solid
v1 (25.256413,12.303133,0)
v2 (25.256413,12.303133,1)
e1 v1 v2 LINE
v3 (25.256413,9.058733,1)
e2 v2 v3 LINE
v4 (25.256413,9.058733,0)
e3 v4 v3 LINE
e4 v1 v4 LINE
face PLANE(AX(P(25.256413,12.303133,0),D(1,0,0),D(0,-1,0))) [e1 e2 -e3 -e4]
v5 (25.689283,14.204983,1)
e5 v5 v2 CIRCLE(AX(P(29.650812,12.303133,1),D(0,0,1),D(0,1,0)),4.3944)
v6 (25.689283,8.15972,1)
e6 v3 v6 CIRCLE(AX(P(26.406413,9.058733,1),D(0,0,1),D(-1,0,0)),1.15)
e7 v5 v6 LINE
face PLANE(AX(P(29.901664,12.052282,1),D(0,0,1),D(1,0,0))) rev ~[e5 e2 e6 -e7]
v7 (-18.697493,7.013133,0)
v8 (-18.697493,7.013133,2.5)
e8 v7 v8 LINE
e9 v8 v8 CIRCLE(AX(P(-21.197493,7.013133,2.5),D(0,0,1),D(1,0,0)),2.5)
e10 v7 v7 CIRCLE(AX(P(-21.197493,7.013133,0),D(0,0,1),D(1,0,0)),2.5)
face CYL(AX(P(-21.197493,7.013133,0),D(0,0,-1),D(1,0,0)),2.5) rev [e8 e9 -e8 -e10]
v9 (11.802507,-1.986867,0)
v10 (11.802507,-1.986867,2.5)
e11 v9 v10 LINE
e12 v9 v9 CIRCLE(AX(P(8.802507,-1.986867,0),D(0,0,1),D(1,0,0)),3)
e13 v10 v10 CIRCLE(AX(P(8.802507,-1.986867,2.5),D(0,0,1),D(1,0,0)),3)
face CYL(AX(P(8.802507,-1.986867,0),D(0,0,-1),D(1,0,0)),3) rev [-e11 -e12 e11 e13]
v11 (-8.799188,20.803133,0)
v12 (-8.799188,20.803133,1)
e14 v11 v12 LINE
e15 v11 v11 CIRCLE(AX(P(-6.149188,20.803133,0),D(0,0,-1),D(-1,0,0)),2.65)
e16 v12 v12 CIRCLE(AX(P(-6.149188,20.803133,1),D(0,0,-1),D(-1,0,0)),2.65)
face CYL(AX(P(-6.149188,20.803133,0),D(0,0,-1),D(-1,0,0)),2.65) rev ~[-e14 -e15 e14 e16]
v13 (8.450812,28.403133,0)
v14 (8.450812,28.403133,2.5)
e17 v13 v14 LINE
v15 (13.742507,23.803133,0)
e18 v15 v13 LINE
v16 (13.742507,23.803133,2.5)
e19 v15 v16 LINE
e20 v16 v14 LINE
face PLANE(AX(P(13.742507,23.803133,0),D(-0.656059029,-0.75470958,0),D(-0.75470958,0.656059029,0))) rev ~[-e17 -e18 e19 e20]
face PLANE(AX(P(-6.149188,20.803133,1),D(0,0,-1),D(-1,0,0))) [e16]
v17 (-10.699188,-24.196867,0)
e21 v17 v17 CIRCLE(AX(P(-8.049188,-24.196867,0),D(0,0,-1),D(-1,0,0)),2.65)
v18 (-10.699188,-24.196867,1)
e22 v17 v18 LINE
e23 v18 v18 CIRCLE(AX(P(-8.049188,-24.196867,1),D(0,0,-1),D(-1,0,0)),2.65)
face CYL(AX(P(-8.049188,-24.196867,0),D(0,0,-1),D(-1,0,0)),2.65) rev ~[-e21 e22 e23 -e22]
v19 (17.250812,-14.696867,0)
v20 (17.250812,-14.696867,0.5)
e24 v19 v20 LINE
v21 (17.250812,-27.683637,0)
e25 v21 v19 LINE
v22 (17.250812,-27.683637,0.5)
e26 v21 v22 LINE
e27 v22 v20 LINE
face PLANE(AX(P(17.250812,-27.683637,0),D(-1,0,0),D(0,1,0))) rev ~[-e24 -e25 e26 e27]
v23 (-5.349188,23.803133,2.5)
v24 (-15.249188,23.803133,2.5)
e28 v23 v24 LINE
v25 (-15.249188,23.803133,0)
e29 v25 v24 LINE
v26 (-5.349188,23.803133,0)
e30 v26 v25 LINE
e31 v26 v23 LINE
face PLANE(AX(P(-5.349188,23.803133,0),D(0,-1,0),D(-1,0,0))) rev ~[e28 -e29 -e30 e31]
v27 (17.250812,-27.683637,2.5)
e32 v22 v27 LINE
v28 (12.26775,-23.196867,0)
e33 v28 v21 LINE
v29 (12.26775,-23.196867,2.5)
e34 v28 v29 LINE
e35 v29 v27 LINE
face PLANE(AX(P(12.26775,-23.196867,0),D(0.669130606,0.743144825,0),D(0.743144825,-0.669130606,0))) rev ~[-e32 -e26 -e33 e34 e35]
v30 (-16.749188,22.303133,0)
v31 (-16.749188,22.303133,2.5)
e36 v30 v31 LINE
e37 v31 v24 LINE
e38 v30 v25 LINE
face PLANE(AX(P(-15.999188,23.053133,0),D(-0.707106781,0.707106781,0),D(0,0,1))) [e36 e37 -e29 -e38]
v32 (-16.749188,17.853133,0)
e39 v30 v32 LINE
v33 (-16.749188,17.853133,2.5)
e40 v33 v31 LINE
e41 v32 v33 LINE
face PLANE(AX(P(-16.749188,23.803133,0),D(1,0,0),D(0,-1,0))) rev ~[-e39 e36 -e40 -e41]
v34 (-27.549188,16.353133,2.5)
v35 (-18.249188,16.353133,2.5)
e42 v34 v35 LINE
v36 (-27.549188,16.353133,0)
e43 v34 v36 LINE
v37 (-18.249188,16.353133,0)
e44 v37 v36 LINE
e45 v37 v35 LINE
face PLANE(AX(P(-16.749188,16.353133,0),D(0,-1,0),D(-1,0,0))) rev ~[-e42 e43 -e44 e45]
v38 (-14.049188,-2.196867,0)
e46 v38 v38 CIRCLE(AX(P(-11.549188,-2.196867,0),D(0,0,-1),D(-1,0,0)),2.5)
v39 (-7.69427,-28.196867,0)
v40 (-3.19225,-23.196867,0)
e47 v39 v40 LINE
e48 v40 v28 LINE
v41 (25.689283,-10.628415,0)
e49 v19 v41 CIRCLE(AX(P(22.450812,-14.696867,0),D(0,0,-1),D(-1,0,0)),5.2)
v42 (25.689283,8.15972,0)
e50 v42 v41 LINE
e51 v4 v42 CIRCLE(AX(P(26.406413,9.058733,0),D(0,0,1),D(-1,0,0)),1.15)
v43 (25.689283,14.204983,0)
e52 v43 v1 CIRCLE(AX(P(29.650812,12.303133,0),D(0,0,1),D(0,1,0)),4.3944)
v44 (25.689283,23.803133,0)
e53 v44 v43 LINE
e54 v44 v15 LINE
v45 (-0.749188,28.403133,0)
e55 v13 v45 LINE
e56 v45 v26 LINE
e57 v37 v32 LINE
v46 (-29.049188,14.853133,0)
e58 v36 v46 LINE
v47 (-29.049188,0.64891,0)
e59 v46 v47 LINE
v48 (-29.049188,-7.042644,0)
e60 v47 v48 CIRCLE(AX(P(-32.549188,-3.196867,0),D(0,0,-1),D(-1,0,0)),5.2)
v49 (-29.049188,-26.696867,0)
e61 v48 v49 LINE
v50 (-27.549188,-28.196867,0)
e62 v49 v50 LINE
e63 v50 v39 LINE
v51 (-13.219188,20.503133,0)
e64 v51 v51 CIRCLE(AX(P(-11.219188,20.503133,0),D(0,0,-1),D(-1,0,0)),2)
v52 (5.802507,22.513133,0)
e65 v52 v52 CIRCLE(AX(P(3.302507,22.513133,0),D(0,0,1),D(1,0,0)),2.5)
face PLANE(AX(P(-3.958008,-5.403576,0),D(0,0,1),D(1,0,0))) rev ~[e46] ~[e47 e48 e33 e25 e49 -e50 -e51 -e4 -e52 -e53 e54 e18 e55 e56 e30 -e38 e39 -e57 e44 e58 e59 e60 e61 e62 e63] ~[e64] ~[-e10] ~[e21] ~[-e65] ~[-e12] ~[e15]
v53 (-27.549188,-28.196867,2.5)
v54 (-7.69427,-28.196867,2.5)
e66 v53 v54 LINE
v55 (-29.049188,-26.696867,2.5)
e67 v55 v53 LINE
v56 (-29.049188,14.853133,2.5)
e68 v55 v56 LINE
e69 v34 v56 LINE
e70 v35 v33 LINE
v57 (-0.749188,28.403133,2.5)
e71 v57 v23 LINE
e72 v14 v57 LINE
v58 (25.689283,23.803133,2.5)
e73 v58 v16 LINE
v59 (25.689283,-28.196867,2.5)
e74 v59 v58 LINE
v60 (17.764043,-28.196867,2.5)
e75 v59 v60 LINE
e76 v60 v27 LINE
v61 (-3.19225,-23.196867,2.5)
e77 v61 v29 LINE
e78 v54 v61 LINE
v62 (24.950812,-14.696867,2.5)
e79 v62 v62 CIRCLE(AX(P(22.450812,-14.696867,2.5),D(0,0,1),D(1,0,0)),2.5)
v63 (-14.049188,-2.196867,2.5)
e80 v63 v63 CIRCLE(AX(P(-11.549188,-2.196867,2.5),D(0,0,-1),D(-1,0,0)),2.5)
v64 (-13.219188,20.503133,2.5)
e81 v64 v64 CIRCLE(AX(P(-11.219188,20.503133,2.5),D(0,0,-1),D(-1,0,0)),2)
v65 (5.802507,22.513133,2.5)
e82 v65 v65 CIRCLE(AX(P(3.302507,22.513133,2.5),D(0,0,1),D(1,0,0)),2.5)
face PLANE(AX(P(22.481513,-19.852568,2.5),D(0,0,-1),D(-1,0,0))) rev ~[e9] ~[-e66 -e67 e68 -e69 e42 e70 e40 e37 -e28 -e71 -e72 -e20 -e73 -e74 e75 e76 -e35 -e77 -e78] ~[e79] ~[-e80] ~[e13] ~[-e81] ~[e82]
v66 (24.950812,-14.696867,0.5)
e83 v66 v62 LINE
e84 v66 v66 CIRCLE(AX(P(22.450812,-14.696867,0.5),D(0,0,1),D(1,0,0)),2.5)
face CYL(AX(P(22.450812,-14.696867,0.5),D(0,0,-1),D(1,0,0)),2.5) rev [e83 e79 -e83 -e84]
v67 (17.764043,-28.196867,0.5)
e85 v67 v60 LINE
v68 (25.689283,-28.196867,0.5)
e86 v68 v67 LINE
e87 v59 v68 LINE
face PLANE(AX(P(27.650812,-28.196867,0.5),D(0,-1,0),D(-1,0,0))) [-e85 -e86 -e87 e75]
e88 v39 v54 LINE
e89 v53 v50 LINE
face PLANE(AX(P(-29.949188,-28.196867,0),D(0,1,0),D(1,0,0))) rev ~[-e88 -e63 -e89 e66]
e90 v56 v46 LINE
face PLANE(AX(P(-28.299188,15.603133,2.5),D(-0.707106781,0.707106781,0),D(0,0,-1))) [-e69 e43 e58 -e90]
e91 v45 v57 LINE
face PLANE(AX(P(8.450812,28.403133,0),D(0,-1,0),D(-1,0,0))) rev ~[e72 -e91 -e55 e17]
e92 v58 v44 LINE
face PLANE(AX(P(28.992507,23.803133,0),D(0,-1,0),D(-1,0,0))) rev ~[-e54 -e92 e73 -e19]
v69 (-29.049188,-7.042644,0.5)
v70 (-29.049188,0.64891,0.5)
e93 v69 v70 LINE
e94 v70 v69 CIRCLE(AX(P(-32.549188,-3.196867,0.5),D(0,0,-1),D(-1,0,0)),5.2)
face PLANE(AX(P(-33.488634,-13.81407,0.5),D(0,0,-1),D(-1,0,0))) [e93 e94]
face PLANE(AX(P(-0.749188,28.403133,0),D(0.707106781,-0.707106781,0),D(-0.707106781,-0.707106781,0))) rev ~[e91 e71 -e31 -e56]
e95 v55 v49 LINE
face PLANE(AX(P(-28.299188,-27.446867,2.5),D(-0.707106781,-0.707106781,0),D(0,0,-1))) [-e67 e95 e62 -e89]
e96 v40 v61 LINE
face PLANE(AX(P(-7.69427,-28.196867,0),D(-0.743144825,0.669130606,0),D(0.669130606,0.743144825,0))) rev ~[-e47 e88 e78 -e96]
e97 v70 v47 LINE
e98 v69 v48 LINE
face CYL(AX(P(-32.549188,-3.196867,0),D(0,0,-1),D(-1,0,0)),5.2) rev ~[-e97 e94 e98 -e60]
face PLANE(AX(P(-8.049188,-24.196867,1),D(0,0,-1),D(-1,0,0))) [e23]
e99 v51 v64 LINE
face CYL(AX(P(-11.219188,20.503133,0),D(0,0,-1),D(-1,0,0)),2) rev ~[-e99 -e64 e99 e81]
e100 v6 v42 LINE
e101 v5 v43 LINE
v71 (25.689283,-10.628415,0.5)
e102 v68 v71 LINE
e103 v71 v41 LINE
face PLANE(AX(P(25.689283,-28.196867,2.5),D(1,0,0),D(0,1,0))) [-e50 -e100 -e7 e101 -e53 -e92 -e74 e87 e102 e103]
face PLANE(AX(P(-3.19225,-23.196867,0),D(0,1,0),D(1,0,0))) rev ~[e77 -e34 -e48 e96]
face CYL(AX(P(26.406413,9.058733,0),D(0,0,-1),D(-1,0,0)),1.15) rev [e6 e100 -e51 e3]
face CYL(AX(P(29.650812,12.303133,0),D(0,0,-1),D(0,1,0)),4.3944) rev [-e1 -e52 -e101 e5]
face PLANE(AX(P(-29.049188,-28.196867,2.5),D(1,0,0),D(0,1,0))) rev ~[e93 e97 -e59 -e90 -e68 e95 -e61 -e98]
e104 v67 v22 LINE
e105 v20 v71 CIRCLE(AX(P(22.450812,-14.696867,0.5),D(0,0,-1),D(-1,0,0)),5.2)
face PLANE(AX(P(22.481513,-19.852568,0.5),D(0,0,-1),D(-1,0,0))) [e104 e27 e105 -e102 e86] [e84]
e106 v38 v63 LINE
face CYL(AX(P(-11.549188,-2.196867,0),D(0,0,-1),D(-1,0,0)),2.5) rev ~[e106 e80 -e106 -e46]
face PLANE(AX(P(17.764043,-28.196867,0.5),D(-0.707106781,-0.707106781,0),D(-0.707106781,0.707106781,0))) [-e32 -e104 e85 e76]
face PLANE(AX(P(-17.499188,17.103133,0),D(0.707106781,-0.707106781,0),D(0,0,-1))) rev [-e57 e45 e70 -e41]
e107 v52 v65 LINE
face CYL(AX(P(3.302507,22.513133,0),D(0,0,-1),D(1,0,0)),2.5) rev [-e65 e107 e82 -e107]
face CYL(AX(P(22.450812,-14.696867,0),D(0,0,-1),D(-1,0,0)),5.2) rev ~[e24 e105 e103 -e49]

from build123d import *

# Parameters (mm, degrees)
SKETCH_1_R          = 3
SKETCH_1_R_2        = 2.5
EXTRUDE_1_DEPTH     = 2.5
EXTRUDE_START       = -2
SKETCH_3_R          = 2.5
EXTRUDE_3_DEPTH     = 2
SKETCH_7_R          = 2.65
CUT_EXTRUDE_1_DEPTH = 1
CHAMFER_1_SIZE      = 1
CUT_EXTRUDE_3_REACH = 53.597
SKETCH_10_R         = 2.5
CUT_EXTRUDE_4_REACH = 53.635
CHAMFER_2_SIZE      = 1.5
CUT_EXTRUDE_5_REACH = 53.635
CHAMFER_3_SIZE      = 2
CUT_EXTRUDE_6_REACH = 49.547
SKETCH_15_W         = 9
SKETCH_15_H         = 44.55
SKETCH_15_H_2       = 52
CUT_EXTRUDE_7_REACH = 42.704
SKETCH_16_R         = 2.5
CHAMFER_4_SIZE      = 1.5
SKETCH_17_R         = 2
CUT_EXTRUDE_8_DEPTH = 10


with BuildPart() as part:
    # 스케치1 → 보스-돌출1 (new body)
    with BuildSketch(Plane.XY):
        with BuildLine():
            Line((-27.349187557, -28.196867314), (-7.694270353, -28.196867314))
            Line((-7.694270353, -28.196867314), (-3.192250131, -23.196867314))
            Line((-3.192250131, -23.196867314), (12.267749869, -23.196867314))
            Line((12.267749869, -23.196867314), (17.250812443, -27.683637009))
            Line((17.250812443, -27.683637009), (17.250812443, -14.696867314))
            ThreePointArc((17.250812443, -14.696867314), (22.450812443, -9.496867314), (27.650812443, -14.696867314))
            Line((27.650812443, -14.696867314), (27.650812443, -28.196867314))
            Line((27.650812443, -28.196867314), (40.650812443, -28.196867314))
            Line((40.650812443, -28.196867314), (40.650812443, 12.183132686))
            Line((40.650812443, 12.183132686), (28.992507116, 23.803132686))
            Line((28.992507116, 23.803132686), (13.742507116, 23.803132686))
            Line((13.742507116, 23.803132686), (8.450812443, 28.403132686))
            Line((8.450812443, 28.403132686), (-0.749187557, 28.403132686))
            Line((-0.749187557, 28.403132686), (-5.349187557, 23.803132686))
            Line((-5.349187557, 23.803132686), (-28.149187557, 23.803132686))
            Line((-28.149187557, 23.803132686), (-43.049187557, 8.903132686))
            Line((-43.049187557, 8.903132686), (-43.049187557, -28.196867314))
            Line((-43.049187557, -28.196867314), (-37.749187557, -28.196867314))
            Line((-37.749187557, -28.196867314), (-37.749187557, -3.196867314))
            ThreePointArc((-37.749187557, -3.196867314), (-29.949187557, 1.306464785), (-29.949187557, -7.700199414))
            Line((-29.949187557, -7.700199414), (-29.949187557, -28.196867314))
            Line((-29.949187557, -28.196867314), (-27.349187557, -28.196867314))
        make_face()
        with Locations((8.802507116, -1.986867314)):
            Circle(SKETCH_1_R, mode=Mode.SUBTRACT)
        with Locations((-21.197492884, 7.013132686)):
            Circle(SKETCH_1_R_2, mode=Mode.SUBTRACT)
        with Locations((3.302507116, 22.513132686)):
            Circle(SKETCH_1_R_2, mode=Mode.SUBTRACT)
    extrude(amount=EXTRUDE_1_DEPTH)

    # 스케치3 → 보스-돌출3 (add)
    # profile 1 of 2: a face of its own
    with BuildSketch(Plane.XY.offset(2.5).offset(EXTRUDE_START)):
        with BuildLine():
            Line((27.650812443, -14.696867314), (27.650812443, -28.196867314))
            Line((27.650812443, -28.196867314), (17.764042748, -28.196867314))
            Line((17.764042748, -28.196867314), (17.250812443, -27.683637009))
            Line((17.250812443, -27.683637009), (17.250812443, -14.696867314))
            ThreePointArc((17.250812443, -14.696867314), (22.450812443, -9.496867314), (27.650812443, -14.696867314))
        make_face()
        with Locations((22.450812443, -14.696867314)):
            Circle(SKETCH_3_R, mode=Mode.SUBTRACT)
    # profile 2 of 2: a face of its own
    with BuildSketch(Plane.XY.offset(2.5).offset(EXTRUDE_START)):
        with BuildLine():
            Line((-29.949187557, -7.700199414), (-29.949187557, -28.196867314))
            Line((-29.949187557, -28.196867314), (-30.049187557, -28.196867314))
            Line((-30.049187557, -28.196867314), (-37.749187557, -28.196867314))
            Line((-37.749187557, -28.196867314), (-37.749187557, -3.196867314))
            ThreePointArc((-37.749187557, -3.196867314), (-29.949187557, 1.306464785), (-29.949187557, -7.700199414))
        make_face()
        with Locations((-32.549187557, -3.196867314)):
            Circle(SKETCH_3_R, mode=Mode.SUBTRACT)
    extrude(amount=EXTRUDE_3_DEPTH)

    # 스케치7 → 컷-돌출1 (cut)
    with BuildSketch(Plane(origin=(0, 0, 0), x_dir=(-1, 0, 0), z_dir=(0, 0, -1))):
        with Locations((6.149187557, 20.803132686)):
            Circle(SKETCH_7_R)
        with Locations((8.049187557, -24.196867314)):
            Circle(SKETCH_7_R)
        with BuildLine():
            Line((-26.406412787, 7.908733029), (-32.895212099, 7.908733029))
            ThreePointArc((-32.895212099, 7.908733029), (-33.708384897, 8.245560231), (-34.045212099, 9.058733029))
            Line((-34.045212099, 9.058733029), (-34.045212099, 15.547532342))
            ThreePointArc((-34.045212099, 15.547532342), (-33.708384897, 16.36070514), (-32.895212099, 16.697532342))
            Line((-32.895212099, 16.697532342), (-29.650812443, 16.697532342))
            ThreePointArc((-29.650812443, 16.697532342), (-26.543502647, 15.410442482), (-25.256412787, 12.303132686))
            Line((-25.256412787, 12.303132686), (-25.256412787, 9.058733029))
            ThreePointArc((-25.256412787, 9.058733029), (-25.593239988, 8.245560231), (-26.406412787, 7.908733029))
        make_face()
    extrude(amount=-CUT_EXTRUDE_1_DEPTH, mode=Mode.SUBTRACT)

    # 모따기1
    chamfer_1_edges = [part.edges().sort_by_distance(p)[0] for p in [
        (-43.049187557, -28.196867314, 1.25),
        (40.650812443, -28.196867314, 1.25),
    ]]
    chamfer(chamfer_1_edges, length=CHAMFER_1_SIZE)

    # 스케치10 → 컷-돌출3 (cut, up to next)
    with BuildSketch(Plane(origin=(0, 0, 1), x_dir=(-1, 0, 0), z_dir=(0, 0, -1)), mode=Mode.PRIVATE) as cut_extrude_3_sk1:
        with Locations((-29.650812443, 12.303132686)):
            Circle(SKETCH_10_R)
    cut_extrude_3_tool1 = extrude(cut_extrude_3_sk1.sketch, amount=-CUT_EXTRUDE_3_REACH, mode=Mode.PRIVATE) & part.part
    add(cut_extrude_3_tool1.solids().sort_by_distance((29.650812, 12.303133, 1))[0], mode=Mode.SUBTRACT)

    # 스케치12 → 컷-돌출4 (cut, up to next)
    with BuildSketch(Plane(origin=(0, 0, 0), x_dir=(-1, 0, 0), z_dir=(0, 0, -1)), mode=Mode.PRIVATE) as cut_extrude_4_sk1:
        Polygon((16.749187557, 23.803132686), (16.749187557, 16.353132686), (35.599187557, 16.353132686), (28.149187557, 23.803132686), align=None)
    cut_extrude_4_tool1 = extrude(cut_extrude_4_sk1.sketch, amount=-CUT_EXTRUDE_4_REACH, mode=Mode.PRIVATE) & part.part
    add(cut_extrude_4_tool1.solids().sort_by_distance((-24.464587, 19.772334, 0))[0], mode=Mode.SUBTRACT)

    # 모따기2
    chamfer_2_edges = [part.edges().sort_by_distance(p)[0] for p in [
        (-16.749187557, 23.803132686, 1.25),
        (-16.749187557, 16.353132686, 1.25),
    ]]
    chamfer(chamfer_2_edges, length=CHAMFER_2_SIZE)

    # 스케치13 → 컷-돌출5 (cut, up to next)
    with BuildSketch(Plane(origin=(0, 0, 0), x_dir=(-1, 0, 0), z_dir=(0, 0, -1)), mode=Mode.PRIVATE) as cut_extrude_5_sk1:
        Polygon((-34.689283113, 18.125074406), (-34.689283113, -28.196867314), (-39.650812443, -28.196867314), (-40.650812443, -27.196867314), (-40.650812443, 12.183132686), align=None)
    cut_extrude_5_tool1 = extrude(cut_extrude_5_sk1.sketch, amount=-CUT_EXTRUDE_5_REACH, mode=Mode.PRIVATE) & part.part
    # 스케치13 → 컷-돌출5 (cut, up to next)
    with BuildSketch(Plane(origin=(0, 0, 0), x_dir=(-1, 0, 0), z_dir=(0, 0, -1)), mode=Mode.PRIVATE) as cut_extrude_5_sk2:
        Polygon((38.049187557, 13.903132686), (43.049187557, 8.903132686), (43.049187557, -27.196867314), (42.049187557, -28.196867314), (38.049187557, -28.196867314), align=None)
    cut_extrude_5_tool2 = extrude(cut_extrude_5_sk2.sketch, amount=-CUT_EXTRUDE_5_REACH, mode=Mode.PRIVATE) & part.part
    add(cut_extrude_5_tool1.solids().sort_by_distance((37.59669, -6.446011, 0))[0], mode=Mode.SUBTRACT)
    add(cut_extrude_5_tool2.solids().sort_by_distance((-40.49096, -8.321213, 0))[0], mode=Mode.SUBTRACT)

    # 모따기3
    chamfer_3_edges = [part.edges().sort_by_distance(p)[0] for p in [
        (-38.049187557, -28.196867314, 1.25),
        (34.689283113, -28.196867314, 1.25),
    ]]
    chamfer(chamfer_3_edges, length=CHAMFER_3_SIZE)

    # 스케치15 → 컷-돌출6 (cut, up to next)
    with BuildSketch(Plane.XY.offset(2.5), mode=Mode.PRIVATE) as cut_extrude_6_sk1:
        with Locations((-33.549187557, -5.921867314)):
            Rectangle(SKETCH_15_W, SKETCH_15_H)
    cut_extrude_6_tool1 = extrude(cut_extrude_6_sk1.sketch, amount=-CUT_EXTRUDE_6_REACH, mode=Mode.PRIVATE) & part.part
    # 스케치15 → 컷-돌출6 (cut, up to next)
    with BuildSketch(Plane.XY.offset(2.5), mode=Mode.PRIVATE) as cut_extrude_6_sk2:
        with Locations((30.189283113, -2.196867314)):
            Rectangle(SKETCH_15_W, SKETCH_15_H_2)
    cut_extrude_6_tool2 = extrude(cut_extrude_6_sk2.sketch, amount=-CUT_EXTRUDE_6_REACH, mode=Mode.PRIVATE) & part.part
    add(cut_extrude_6_tool1.solids().sort_by_distance((-33.549188, -5.921867, 2.5))[0], mode=Mode.SUBTRACT)
    add(cut_extrude_6_tool2.solids().sort_by_distance((30.189283, -2.196867, 2.5))[0], mode=Mode.SUBTRACT)

    # 스케치16 → 컷-돌출7 (cut, up to next)
    with BuildSketch(Plane(origin=(0, 0, 0), x_dir=(-1, 0, 0), z_dir=(0, 0, -1)), mode=Mode.PRIVATE) as cut_extrude_7_sk1:
        with Locations((11.549187557, -2.196867314)):
            Circle(SKETCH_16_R)
    cut_extrude_7_tool1 = extrude(cut_extrude_7_sk1.sketch, amount=-CUT_EXTRUDE_7_REACH, mode=Mode.PRIVATE) & part.part
    add(cut_extrude_7_tool1.solids().sort_by_distance((-11.549188, -2.196867, 0))[0], mode=Mode.SUBTRACT)

    # 모따기4
    chamfer_4_edges = [part.edges().sort_by_distance(p)[0] for p in [
        (-29.049187557, 16.353132686, 1.25),
        (-29.049187557, -28.196867314, 1.25),
    ]]
    chamfer(chamfer_4_edges, length=CHAMFER_4_SIZE)

    # 스케치17 → 컷-돌출8 (cut)
    with BuildSketch(Plane(origin=(0, 0, 0), x_dir=(-1, 0, 0), z_dir=(0, 0, -1))):
        with Locations((11.219187557, 20.503132686)):
            Circle(SKETCH_17_R)
    extrude(amount=-CUT_EXTRUDE_8_DEPTH, mode=Mode.SUBTRACT)


solid = part.part
